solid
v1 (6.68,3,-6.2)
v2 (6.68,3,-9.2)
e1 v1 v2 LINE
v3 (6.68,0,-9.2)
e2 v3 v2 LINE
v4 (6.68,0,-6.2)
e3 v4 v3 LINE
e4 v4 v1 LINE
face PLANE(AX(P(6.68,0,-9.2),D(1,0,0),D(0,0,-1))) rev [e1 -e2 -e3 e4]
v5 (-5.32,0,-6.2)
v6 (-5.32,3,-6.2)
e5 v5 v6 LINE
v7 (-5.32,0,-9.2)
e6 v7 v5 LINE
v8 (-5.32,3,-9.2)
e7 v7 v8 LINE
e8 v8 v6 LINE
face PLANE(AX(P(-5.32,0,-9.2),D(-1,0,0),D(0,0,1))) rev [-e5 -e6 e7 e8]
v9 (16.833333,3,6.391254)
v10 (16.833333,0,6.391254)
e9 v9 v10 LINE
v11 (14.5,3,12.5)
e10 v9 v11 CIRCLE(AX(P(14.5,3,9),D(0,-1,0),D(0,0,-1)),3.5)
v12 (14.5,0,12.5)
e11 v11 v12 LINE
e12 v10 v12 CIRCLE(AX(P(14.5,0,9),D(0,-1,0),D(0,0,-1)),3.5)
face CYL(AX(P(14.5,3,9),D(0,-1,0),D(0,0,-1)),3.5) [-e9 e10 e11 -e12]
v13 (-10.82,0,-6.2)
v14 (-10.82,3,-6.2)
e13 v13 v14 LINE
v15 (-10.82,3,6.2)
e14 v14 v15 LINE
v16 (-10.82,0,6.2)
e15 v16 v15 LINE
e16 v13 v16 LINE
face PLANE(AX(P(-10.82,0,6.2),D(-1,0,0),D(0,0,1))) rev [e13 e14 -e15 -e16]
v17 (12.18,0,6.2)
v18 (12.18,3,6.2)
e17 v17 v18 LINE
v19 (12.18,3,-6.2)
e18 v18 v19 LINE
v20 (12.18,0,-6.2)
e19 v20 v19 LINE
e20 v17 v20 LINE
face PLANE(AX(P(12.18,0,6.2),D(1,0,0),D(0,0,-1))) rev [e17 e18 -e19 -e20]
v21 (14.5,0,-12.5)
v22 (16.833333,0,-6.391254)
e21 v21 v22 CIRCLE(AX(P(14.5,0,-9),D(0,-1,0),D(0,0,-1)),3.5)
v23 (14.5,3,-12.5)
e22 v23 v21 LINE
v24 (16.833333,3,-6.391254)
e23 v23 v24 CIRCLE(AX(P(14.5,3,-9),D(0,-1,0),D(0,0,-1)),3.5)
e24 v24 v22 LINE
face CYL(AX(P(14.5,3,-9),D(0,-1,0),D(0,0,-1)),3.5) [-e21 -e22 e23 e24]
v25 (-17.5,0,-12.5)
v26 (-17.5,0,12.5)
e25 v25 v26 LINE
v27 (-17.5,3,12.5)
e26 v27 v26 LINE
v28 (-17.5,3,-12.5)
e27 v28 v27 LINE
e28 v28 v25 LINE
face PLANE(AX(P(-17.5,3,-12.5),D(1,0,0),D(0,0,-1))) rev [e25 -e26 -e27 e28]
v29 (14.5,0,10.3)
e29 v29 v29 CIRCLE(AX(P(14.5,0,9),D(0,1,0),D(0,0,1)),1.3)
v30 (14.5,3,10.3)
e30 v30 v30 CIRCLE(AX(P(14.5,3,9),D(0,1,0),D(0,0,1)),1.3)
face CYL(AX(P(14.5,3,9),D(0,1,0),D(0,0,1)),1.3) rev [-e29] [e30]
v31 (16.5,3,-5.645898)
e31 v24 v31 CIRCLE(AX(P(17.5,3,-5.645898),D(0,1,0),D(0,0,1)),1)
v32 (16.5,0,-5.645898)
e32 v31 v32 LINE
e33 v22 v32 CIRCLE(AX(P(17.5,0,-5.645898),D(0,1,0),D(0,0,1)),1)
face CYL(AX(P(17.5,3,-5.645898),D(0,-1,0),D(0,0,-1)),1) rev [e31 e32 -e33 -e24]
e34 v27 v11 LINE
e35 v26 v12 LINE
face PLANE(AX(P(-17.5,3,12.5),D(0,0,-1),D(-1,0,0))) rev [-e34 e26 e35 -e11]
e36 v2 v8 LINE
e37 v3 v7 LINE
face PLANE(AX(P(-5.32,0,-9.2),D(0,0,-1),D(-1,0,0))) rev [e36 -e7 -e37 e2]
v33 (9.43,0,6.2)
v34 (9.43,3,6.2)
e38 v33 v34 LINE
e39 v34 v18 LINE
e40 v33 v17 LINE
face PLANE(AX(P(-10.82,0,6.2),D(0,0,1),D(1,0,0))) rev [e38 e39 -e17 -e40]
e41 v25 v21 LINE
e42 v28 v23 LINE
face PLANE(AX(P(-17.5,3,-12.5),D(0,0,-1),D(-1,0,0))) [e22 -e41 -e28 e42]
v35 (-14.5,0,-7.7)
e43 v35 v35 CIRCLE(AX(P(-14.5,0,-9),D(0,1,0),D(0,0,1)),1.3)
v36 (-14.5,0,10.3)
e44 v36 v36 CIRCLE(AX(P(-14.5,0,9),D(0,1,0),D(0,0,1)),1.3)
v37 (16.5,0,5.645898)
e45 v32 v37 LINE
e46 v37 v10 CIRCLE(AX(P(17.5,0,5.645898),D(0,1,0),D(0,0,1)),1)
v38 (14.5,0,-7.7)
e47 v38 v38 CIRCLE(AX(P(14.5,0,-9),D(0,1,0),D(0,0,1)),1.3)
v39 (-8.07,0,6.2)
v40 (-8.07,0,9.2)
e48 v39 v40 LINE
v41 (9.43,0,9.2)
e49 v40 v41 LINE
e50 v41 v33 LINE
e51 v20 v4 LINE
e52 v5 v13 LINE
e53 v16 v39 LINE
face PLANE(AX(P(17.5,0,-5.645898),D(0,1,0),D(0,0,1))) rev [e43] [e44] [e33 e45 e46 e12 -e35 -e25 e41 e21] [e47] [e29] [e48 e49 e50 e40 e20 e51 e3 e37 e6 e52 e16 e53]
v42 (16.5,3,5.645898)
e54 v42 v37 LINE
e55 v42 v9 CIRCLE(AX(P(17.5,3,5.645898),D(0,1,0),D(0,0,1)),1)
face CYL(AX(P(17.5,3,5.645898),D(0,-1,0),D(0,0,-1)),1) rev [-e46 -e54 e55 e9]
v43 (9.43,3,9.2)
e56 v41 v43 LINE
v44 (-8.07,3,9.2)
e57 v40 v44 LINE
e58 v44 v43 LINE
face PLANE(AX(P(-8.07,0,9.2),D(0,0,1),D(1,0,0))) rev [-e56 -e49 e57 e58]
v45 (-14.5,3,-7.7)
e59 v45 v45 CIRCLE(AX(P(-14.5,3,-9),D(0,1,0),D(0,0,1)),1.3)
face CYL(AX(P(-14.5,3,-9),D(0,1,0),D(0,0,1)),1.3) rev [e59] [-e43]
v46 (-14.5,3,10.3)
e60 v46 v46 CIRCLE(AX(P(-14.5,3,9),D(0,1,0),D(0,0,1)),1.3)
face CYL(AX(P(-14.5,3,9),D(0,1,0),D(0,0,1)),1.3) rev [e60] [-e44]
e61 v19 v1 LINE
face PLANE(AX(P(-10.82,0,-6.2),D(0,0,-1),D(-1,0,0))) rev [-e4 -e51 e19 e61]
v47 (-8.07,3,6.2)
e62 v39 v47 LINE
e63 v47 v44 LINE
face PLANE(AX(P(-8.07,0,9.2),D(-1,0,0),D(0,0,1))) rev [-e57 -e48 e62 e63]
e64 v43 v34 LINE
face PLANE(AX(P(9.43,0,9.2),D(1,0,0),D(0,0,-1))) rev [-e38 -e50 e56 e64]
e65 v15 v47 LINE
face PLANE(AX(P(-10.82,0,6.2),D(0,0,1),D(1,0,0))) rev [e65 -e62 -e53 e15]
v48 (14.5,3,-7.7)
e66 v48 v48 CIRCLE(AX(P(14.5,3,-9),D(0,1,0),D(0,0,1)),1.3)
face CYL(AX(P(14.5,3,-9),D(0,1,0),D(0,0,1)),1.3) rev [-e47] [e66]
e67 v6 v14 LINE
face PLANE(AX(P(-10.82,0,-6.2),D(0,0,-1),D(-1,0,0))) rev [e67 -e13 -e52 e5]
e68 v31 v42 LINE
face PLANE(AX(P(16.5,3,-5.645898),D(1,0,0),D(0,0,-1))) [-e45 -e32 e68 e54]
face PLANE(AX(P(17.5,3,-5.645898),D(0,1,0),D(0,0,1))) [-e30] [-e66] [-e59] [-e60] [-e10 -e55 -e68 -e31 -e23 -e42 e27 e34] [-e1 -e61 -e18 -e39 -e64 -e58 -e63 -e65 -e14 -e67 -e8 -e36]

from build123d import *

# Parameters (mm, degrees)
RESSALTO_EXTRUS_O1_DEPTH     = 3
PERFIL_CORTE_W               = 23
PERFIL_CORTE_H               = 12.4
CORTE_PRINCIPAL_DEPTH        = 112.01996056
ESBO_O7_W                    = 12
ESBO_O7_H                    = 3
ESBO_O7_W_2                  = 17.5
CORTE_EXTRUS_O3_DEPTH        = 70.828040064
FURO_DE_DI_METRO_2_6_2_6_1_D = 2.6


with BuildPart() as part:
    # Base Perfil → Ressalto-extrusão1 (new body)
    with BuildSketch(Plane(origin=(0, 0, 0), x_dir=(1, 0, 0), z_dir=(0, 1, 0))):
        with BuildLine():
            Line((-17.5, 12.5), (14.5, 12.5))
            ThreePointArc((14.5, 12.5), (17.769603256, 10.248877314), (16.833333333, 6.391254026))
            ThreePointArc((16.833333333, 6.391254026), (16.587129071, 6.054146324), (16.5, 5.645898034))
            Line((16.5, 5.645898034), (16.5, -5.645898034))
            ThreePointArc((16.5, -5.645898034), (16.587129071, -6.054146324), (16.833333333, -6.391254026))
            ThreePointArc((16.833333333, -6.391254026), (17.769603256, -10.248877314), (14.5, -12.5))
            Line((14.5, -12.5), (-17.5, -12.5))
            Line((-17.5, -12.5), (-17.5, 12.5))
        make_face()
    extrude(amount=RESSALTO_EXTRUS_O1_DEPTH)

    # Perfil Corte → Corte Principal (cut, through all)
    with BuildSketch(Plane(origin=(-89.30915689, 3, 15.805061213), x_dir=(1, 0, 0), z_dir=(0, 1, 0))):
        with Locations((89.98915689, 15.805061213)):
            Rectangle(PERFIL_CORTE_W, PERFIL_CORTE_H)
    extrude(amount=-CORTE_PRINCIPAL_DEPTH, mode=Mode.SUBTRACT)

    # Esboço7 → Corte-extrusão3 (cut, through all)
    with BuildSketch(Plane(origin=(-37.630551407, 3, 29.597469394), x_dir=(1, 0, 0), z_dir=(0, 1, 0))):
        with Locations((38.310551407, 37.297469394)):
            Rectangle(ESBO_O7_W, ESBO_O7_H)
        with Locations((38.310551407, 21.897469394)):
            Rectangle(ESBO_O7_W_2, ESBO_O7_H)
    extrude(amount=-CORTE_EXTRUS_O3_DEPTH, mode=Mode.SUBTRACT)

    # Furo de diâmetro Ø2.6 (2.6)1 (through all)
    with Locations(Plane(origin=(0, 3, 0), x_dir=(1, 0, 0), z_dir=(0, 1, 0))):
        with Locations((-14.5, 9), (-14.5, -9), (14.5, 9), (14.5, -9)):
            Hole(FURO_DE_DI_METRO_2_6_2_6_1_D / 2)


solid = part.part
